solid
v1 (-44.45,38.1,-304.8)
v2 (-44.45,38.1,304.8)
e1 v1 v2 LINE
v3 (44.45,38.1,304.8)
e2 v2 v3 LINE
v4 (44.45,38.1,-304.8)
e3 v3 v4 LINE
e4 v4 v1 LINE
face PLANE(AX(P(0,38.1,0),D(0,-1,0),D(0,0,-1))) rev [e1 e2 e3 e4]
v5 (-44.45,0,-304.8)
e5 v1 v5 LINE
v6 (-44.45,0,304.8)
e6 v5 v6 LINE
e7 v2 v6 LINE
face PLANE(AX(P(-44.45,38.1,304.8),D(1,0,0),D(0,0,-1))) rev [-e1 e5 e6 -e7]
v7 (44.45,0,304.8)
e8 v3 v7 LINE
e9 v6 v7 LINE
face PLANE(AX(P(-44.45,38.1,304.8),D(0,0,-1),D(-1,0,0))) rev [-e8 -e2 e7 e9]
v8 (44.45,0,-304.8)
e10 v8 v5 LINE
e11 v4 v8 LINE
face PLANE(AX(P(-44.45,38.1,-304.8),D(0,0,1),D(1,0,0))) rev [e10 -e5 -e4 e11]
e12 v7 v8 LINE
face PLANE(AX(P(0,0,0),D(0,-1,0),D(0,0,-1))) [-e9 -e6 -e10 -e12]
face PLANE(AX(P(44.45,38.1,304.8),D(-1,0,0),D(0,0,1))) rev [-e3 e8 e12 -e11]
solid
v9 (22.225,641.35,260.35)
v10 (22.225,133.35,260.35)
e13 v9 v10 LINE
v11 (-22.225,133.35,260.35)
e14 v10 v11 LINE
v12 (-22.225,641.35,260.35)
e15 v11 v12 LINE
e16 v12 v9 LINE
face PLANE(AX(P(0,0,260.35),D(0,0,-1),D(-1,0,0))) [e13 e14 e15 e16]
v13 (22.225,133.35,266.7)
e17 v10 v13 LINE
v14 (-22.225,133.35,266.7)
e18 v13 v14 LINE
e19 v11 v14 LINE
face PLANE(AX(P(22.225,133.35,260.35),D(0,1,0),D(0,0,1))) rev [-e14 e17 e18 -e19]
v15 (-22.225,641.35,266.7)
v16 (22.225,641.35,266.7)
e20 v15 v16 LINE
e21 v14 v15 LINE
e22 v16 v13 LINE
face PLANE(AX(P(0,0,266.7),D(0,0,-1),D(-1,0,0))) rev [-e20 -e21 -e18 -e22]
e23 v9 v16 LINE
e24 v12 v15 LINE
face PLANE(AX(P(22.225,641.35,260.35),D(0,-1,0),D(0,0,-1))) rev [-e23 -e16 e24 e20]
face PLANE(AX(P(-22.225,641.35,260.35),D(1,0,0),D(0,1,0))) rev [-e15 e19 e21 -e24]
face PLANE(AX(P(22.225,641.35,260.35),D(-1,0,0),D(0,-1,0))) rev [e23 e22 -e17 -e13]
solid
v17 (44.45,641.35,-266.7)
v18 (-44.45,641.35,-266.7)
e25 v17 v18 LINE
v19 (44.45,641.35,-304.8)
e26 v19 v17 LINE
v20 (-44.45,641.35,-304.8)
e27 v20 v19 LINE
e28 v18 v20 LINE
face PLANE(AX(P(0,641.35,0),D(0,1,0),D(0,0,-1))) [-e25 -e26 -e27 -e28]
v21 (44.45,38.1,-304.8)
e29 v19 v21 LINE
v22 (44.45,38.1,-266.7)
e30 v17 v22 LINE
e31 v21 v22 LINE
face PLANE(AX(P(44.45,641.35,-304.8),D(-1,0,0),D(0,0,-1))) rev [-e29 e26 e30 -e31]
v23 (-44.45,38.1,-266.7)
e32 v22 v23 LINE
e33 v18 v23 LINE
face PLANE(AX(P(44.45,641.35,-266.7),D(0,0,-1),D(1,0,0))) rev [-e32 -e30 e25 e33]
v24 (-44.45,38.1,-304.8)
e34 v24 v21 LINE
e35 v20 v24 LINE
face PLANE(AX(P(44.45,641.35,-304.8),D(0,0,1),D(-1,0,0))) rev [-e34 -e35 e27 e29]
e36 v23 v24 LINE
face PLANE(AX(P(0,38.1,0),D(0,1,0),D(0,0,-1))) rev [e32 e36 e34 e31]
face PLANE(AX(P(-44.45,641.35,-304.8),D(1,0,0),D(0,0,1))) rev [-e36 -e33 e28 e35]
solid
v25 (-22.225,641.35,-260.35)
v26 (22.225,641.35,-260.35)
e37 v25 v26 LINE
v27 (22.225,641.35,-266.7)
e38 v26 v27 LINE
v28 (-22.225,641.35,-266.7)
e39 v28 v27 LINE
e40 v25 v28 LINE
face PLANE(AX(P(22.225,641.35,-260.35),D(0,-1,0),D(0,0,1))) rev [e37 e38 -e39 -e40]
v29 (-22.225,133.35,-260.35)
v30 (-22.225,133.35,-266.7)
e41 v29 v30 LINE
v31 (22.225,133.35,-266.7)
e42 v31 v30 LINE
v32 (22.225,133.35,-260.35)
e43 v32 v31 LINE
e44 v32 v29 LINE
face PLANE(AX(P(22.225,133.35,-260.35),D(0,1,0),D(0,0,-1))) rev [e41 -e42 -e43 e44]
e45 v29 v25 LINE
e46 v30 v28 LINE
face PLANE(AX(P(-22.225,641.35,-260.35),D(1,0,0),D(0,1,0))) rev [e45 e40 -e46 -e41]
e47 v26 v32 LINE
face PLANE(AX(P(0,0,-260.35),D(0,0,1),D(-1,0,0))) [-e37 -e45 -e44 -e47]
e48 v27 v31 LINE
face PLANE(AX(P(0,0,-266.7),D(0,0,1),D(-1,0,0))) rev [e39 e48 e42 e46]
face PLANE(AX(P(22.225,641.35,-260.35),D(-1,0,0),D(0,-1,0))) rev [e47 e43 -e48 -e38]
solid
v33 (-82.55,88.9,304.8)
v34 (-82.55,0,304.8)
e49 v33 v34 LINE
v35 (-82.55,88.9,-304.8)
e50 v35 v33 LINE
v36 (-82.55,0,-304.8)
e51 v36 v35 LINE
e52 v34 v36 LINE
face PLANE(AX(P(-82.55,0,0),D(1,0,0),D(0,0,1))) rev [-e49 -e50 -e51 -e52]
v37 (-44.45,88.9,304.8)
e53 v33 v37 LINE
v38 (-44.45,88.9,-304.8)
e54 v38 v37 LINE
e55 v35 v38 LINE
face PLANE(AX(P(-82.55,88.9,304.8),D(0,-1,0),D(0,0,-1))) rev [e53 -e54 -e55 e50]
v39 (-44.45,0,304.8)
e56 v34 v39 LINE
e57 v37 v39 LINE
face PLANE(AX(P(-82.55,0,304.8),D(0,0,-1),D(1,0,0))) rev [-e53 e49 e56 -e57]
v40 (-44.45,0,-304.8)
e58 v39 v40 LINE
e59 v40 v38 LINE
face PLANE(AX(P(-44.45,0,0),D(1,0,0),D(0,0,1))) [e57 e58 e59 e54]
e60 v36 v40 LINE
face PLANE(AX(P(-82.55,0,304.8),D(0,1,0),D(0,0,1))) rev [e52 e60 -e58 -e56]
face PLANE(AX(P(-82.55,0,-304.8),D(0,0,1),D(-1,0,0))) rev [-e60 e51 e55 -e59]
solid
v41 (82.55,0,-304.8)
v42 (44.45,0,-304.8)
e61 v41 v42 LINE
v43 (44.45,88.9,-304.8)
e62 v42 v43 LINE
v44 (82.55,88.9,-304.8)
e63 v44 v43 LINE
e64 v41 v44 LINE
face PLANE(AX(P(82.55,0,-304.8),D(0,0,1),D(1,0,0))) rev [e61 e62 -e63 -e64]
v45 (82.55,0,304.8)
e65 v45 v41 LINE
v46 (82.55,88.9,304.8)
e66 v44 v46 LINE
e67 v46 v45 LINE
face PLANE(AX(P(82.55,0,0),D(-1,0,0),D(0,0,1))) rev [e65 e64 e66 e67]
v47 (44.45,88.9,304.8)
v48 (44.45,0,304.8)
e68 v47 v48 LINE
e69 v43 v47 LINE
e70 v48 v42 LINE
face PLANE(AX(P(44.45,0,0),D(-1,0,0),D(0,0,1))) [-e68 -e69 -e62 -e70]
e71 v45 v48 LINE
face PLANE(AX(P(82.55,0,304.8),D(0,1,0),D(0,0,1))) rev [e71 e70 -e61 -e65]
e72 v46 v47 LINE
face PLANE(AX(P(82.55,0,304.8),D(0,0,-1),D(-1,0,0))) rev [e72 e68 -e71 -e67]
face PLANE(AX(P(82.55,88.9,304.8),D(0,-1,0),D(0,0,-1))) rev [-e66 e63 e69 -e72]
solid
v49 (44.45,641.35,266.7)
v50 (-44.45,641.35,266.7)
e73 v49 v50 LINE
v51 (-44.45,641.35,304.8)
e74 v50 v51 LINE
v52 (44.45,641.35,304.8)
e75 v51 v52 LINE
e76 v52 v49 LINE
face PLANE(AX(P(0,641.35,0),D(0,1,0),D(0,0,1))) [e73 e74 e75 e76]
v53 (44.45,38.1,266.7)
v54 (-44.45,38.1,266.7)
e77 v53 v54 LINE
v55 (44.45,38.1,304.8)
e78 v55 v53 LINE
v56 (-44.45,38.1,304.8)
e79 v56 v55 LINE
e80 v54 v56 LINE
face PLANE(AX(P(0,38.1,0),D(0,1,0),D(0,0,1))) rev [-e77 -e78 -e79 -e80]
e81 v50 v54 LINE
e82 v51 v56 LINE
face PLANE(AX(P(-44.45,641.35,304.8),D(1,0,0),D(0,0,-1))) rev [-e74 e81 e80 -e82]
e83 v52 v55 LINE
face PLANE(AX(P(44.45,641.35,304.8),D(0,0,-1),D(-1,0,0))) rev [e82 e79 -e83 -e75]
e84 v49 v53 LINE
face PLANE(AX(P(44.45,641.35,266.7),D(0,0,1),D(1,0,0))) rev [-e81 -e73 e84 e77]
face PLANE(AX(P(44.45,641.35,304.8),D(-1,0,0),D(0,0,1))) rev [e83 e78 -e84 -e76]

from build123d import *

# Parameters (mm, degrees)
SKETCH1_W             = 88.9
SKETCH1_H             = 609.6
BASE_BOARD_DEPTH      = 38.1
SKETCH2_W             = 88.9
SKETCH2_H             = 38.1
VERTICAL_BOARD_DEPTH  = 603.25
SKETCH3_W             = 609.6
SKETCH3_H             = 88.9
LATERAL_SUPPORT_DEPTH = 38.1
SKETCH4_W             = 44.45
SKETCH4_H             = 508
DRAWER_SLIDE_DEPTH    = 6.35


with BuildPart() as part:
    # Sketch1 → Base Board (new body)
    with BuildSketch(Plane(origin=(0, 0, 0), x_dir=(1, 0, 0), z_dir=(0, 1, 0))):
        Rectangle(SKETCH1_W, SKETCH1_H)
    extrude(amount=BASE_BOARD_DEPTH)


with BuildPart() as body_2:
    # Sketch2 → Vertical Board (new body)
    with BuildSketch(Plane(origin=(0, 38.1, 0), x_dir=(1, 0, 0), z_dir=(0, 1, 0))):
        with Locations((0, -285.75)):
            Rectangle(SKETCH2_W, SKETCH2_H)
    extrude(amount=VERTICAL_BOARD_DEPTH)


with BuildPart() as body_3:
    # Vertical Board Mirror: mirrored copy
    add(body_2.part.mirror(Plane.XY))


with BuildPart() as body_4:
    # Sketch3 → Lateral Support (new body)
    with BuildSketch(Plane(origin=(44.45, 0, 0), x_dir=(0, 0, -1), z_dir=(1, 0, 0))):
        with Locations((0, 44.45)):
            Rectangle(SKETCH3_W, SKETCH3_H)
    extrude(amount=LATERAL_SUPPORT_DEPTH)


with BuildPart() as body_5:
    # Lateral Support Mirror: mirrored copy
    add(body_4.part.mirror(Plane(origin=(0, 0, 0), x_dir=(0, 0, 1), z_dir=(1, 0, 0))))


with BuildPart() as body_6:
    # Sketch4 → Drawer Slide (new body)
    with BuildSketch(Plane(origin=(0, 0, 266.7), x_dir=(-1, 0, 0), z_dir=(0, 0, -1))):
        with Locations((0, 387.35)):
            Rectangle(SKETCH4_W, SKETCH4_H)
    extrude(amount=DRAWER_SLIDE_DEPTH)


with BuildPart() as body_7:
    # Drawer Slide Mirror: mirrored copy
    add(body_6.part.mirror(Plane.XY))


solid = Compound([part.part, body_2.part, body_3.part, body_4.part, body_5.part, body_6.part, body_7.part])
